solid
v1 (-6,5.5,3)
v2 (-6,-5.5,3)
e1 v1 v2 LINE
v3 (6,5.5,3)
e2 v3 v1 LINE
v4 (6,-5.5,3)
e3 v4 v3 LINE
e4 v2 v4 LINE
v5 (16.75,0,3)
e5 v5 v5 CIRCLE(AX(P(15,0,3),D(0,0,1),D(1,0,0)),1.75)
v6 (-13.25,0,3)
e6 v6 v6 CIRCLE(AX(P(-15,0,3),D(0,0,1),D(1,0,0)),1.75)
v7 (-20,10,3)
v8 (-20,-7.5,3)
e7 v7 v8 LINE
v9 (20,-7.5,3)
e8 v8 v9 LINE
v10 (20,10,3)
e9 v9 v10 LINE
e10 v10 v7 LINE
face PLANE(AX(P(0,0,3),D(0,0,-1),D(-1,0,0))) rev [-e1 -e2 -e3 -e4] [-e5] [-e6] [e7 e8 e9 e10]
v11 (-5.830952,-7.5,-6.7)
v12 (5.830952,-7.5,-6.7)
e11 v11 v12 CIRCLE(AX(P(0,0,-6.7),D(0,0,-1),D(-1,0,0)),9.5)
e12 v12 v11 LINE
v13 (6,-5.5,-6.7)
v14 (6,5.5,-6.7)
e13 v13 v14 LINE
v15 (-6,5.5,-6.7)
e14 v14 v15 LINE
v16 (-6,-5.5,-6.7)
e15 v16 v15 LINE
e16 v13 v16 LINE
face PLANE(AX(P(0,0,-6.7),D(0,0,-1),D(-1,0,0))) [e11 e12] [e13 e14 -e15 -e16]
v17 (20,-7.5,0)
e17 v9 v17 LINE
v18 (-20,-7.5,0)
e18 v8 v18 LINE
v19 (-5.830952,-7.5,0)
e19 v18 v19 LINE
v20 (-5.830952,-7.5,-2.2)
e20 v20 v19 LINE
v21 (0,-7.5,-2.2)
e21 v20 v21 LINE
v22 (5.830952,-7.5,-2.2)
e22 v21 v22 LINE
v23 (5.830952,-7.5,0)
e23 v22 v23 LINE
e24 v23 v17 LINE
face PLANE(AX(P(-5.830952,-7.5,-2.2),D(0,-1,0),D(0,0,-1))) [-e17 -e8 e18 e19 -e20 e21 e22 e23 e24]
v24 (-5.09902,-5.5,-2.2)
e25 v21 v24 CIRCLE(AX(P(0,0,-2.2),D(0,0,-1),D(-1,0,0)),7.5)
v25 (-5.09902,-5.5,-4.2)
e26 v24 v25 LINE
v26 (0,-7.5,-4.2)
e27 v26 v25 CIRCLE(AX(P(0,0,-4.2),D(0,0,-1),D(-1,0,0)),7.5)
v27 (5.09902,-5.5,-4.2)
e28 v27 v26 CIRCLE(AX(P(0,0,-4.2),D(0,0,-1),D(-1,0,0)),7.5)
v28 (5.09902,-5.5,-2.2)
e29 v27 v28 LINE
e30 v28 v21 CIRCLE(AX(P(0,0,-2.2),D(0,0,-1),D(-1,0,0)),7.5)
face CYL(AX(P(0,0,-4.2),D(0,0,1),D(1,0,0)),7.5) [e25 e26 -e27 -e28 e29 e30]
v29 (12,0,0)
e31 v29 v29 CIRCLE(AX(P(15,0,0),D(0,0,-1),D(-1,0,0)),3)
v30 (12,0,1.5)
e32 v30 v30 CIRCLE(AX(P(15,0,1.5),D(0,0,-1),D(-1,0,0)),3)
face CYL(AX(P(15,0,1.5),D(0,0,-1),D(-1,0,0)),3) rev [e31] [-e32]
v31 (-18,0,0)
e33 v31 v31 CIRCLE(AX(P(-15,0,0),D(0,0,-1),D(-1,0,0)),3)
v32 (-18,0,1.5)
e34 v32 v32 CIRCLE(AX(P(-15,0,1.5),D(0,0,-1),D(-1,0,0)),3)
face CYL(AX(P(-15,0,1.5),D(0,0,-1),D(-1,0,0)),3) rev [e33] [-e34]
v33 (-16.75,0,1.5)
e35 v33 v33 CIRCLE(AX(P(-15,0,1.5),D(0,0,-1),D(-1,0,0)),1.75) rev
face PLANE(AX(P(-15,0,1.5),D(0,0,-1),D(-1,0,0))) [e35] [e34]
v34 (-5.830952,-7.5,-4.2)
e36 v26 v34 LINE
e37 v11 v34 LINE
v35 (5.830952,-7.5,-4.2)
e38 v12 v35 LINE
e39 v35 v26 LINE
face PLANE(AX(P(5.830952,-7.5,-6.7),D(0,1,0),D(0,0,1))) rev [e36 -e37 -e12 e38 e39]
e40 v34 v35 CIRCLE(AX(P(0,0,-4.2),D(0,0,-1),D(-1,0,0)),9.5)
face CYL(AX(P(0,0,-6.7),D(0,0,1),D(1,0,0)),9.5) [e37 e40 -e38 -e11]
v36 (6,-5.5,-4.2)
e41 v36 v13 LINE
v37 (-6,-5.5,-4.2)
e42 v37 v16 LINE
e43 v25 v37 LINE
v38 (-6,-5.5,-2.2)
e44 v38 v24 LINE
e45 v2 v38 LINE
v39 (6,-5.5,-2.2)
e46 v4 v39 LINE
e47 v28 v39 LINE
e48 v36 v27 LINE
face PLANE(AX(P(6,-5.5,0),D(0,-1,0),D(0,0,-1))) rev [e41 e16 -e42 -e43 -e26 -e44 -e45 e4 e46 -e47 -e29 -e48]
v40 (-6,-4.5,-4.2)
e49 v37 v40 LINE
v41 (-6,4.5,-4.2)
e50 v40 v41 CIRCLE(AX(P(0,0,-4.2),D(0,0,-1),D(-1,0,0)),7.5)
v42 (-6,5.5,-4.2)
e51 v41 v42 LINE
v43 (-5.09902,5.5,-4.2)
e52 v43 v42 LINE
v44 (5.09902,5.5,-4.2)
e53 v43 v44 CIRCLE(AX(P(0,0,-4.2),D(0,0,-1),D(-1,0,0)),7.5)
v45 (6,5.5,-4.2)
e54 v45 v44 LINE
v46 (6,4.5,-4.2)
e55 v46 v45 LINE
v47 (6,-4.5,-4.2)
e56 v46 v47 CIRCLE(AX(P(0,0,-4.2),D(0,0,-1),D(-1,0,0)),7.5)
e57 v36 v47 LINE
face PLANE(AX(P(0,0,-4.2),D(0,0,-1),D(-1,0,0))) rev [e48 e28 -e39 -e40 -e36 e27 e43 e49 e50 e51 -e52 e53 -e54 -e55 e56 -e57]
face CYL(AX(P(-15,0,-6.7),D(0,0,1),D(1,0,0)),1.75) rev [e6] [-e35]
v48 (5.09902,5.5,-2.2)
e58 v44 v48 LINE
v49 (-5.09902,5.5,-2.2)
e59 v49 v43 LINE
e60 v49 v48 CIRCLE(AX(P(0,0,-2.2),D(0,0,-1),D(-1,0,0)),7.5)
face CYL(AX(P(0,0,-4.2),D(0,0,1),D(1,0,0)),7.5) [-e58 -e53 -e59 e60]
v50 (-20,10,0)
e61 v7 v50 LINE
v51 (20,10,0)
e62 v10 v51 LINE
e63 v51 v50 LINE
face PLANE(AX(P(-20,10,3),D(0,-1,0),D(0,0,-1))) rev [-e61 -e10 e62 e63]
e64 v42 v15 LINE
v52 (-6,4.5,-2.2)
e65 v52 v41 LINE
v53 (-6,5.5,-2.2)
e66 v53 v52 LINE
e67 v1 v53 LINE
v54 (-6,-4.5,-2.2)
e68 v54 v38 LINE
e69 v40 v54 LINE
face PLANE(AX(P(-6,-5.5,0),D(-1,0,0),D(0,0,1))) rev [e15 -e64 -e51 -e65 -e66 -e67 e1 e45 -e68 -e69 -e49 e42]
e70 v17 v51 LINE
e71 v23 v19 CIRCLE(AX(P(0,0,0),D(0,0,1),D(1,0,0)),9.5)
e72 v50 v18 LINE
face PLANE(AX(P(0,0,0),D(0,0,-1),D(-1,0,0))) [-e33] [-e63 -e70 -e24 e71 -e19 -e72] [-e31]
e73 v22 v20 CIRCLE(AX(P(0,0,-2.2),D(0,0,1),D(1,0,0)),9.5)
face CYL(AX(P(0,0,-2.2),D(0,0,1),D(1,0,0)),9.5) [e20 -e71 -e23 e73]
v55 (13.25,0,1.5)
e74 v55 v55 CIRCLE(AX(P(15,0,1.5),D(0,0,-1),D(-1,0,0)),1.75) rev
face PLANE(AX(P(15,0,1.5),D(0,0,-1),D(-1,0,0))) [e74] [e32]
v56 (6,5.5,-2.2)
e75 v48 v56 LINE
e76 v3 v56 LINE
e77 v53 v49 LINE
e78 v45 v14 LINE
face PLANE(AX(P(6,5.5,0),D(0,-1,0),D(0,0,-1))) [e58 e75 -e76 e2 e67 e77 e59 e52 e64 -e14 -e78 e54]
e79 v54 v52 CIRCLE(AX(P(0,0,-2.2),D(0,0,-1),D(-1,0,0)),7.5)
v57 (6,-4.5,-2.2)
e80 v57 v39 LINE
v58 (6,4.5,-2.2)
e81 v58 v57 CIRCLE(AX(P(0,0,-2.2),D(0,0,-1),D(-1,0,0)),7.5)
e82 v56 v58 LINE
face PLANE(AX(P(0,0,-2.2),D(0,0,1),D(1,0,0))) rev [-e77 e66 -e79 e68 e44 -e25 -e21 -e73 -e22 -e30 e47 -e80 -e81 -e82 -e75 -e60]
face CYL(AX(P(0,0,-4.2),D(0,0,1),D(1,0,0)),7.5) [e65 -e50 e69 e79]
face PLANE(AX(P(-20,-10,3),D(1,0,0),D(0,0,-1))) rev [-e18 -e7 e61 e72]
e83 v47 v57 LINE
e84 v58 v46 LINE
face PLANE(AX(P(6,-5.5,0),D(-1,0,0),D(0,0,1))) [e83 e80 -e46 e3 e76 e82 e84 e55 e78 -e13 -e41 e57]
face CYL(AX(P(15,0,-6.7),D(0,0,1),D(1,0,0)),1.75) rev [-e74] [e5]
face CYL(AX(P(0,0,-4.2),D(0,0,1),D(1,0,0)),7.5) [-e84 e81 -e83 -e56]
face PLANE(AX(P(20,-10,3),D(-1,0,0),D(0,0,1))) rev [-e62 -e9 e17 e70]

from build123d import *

# Parameters (mm, degrees)
BOSS_EXTRUDE1_DEPTH = 2.2
SKETCH3_R           = 7.5
BOSS_EXTRUDE2_DEPTH = 2
BOSS_EXTRUDE3_DEPTH = 2.5
SKETCH5_W           = 12
SKETCH5_H           = 11
CUT_EXTRUDE1_DEPTH  = 7.7
SKETCH6_W           = 40
SKETCH6_H           = 20
SKETCH6_W_2         = 12
SKETCH6_H_2         = 11
BOSS_EXTRUDE4_DEPTH = 3
SKETCH7_R           = 1.75
CUT_EXTRUDE2_DEPTH  = 10.7
SKETCH8_R           = 3
CUT_EXTRUDE3_DEPTH  = 1.5
SKETCH9_W           = 40
SKETCH9_H           = 2.5
CUT_EXTRUDE4_DEPTH  = 10.7


with BuildPart() as part:
    # Sketch2 → Boss-Extrude1 (new body)
    with BuildSketch(Plane.XY):
        with BuildLine():
            Line((-5.830951895, -7.5), (5.830951895, -7.5))
            ThreePointArc((5.830951895, -7.5), (0, 9.5), (-5.830951895, -7.5))
        make_face()
    extrude(amount=-BOSS_EXTRUDE1_DEPTH)

    # Sketch3 → Boss-Extrude2 (add)
    with BuildSketch(Plane(origin=(0, 0, -2.2), x_dir=(-1, 0, 0), z_dir=(0, 0, -1))):
        Circle(SKETCH3_R)
    extrude(amount=BOSS_EXTRUDE2_DEPTH)

    # Sketch4 → Boss-Extrude3 (add)
    with BuildSketch(Plane(origin=(0, 0, -4.2), x_dir=(-1, 0, 0), z_dir=(0, 0, -1))):
        with BuildLine():
            Line((-5.830951895, -7.5), (5.830951895, -7.5))
            ThreePointArc((5.830951895, -7.5), (0, 9.5), (-5.830951895, -7.5))
        make_face()
    extrude(amount=BOSS_EXTRUDE3_DEPTH)

    # Sketch5 → Cut-Extrude1 (cut, through all)
    with BuildSketch(Plane(origin=(0, 0, -6.7), x_dir=(-1, 0, 0), z_dir=(0, 0, -1))):
        Rectangle(SKETCH5_W, SKETCH5_H)
    extrude(amount=-CUT_EXTRUDE1_DEPTH, mode=Mode.SUBTRACT)

    # Sketch6 → Boss-Extrude4 (add)
    with BuildSketch(Plane.XY):
        Rectangle(SKETCH6_W, SKETCH6_H)
        Rectangle(SKETCH6_W_2, SKETCH6_H_2, mode=Mode.SUBTRACT)
    extrude(amount=BOSS_EXTRUDE4_DEPTH)

    # Sketch7 → Cut-Extrude2 (cut, through all)
    with BuildSketch(Plane.XY.offset(3)):
        with Locations((-15, 0)):
            Circle(SKETCH7_R)
        with Locations((15, 0)):
            Circle(SKETCH7_R)
    extrude(amount=-CUT_EXTRUDE2_DEPTH, mode=Mode.SUBTRACT)

    # Sketch8 → Cut-Extrude3 (cut)
    with BuildSketch(Plane(origin=(0, 0, 0), x_dir=(-1, 0, 0), z_dir=(0, 0, -1))):
        with Locations((15, 0)):
            Circle(SKETCH8_R)
        with Locations((-15, 0)):
            Circle(SKETCH8_R)
    extrude(amount=-CUT_EXTRUDE3_DEPTH, mode=Mode.SUBTRACT)

    # Sketch9 → Cut-Extrude4 (cut, through all)
    with BuildSketch(Plane(origin=(0, 0, -6.7), x_dir=(-1, 0, 0), z_dir=(0, 0, -1))):
        with Locations((0, -8.75)):
            Rectangle(SKETCH9_W, SKETCH9_H)
    extrude(amount=-CUT_EXTRUDE4_DEPTH, mode=Mode.SUBTRACT)


solid = part.part
